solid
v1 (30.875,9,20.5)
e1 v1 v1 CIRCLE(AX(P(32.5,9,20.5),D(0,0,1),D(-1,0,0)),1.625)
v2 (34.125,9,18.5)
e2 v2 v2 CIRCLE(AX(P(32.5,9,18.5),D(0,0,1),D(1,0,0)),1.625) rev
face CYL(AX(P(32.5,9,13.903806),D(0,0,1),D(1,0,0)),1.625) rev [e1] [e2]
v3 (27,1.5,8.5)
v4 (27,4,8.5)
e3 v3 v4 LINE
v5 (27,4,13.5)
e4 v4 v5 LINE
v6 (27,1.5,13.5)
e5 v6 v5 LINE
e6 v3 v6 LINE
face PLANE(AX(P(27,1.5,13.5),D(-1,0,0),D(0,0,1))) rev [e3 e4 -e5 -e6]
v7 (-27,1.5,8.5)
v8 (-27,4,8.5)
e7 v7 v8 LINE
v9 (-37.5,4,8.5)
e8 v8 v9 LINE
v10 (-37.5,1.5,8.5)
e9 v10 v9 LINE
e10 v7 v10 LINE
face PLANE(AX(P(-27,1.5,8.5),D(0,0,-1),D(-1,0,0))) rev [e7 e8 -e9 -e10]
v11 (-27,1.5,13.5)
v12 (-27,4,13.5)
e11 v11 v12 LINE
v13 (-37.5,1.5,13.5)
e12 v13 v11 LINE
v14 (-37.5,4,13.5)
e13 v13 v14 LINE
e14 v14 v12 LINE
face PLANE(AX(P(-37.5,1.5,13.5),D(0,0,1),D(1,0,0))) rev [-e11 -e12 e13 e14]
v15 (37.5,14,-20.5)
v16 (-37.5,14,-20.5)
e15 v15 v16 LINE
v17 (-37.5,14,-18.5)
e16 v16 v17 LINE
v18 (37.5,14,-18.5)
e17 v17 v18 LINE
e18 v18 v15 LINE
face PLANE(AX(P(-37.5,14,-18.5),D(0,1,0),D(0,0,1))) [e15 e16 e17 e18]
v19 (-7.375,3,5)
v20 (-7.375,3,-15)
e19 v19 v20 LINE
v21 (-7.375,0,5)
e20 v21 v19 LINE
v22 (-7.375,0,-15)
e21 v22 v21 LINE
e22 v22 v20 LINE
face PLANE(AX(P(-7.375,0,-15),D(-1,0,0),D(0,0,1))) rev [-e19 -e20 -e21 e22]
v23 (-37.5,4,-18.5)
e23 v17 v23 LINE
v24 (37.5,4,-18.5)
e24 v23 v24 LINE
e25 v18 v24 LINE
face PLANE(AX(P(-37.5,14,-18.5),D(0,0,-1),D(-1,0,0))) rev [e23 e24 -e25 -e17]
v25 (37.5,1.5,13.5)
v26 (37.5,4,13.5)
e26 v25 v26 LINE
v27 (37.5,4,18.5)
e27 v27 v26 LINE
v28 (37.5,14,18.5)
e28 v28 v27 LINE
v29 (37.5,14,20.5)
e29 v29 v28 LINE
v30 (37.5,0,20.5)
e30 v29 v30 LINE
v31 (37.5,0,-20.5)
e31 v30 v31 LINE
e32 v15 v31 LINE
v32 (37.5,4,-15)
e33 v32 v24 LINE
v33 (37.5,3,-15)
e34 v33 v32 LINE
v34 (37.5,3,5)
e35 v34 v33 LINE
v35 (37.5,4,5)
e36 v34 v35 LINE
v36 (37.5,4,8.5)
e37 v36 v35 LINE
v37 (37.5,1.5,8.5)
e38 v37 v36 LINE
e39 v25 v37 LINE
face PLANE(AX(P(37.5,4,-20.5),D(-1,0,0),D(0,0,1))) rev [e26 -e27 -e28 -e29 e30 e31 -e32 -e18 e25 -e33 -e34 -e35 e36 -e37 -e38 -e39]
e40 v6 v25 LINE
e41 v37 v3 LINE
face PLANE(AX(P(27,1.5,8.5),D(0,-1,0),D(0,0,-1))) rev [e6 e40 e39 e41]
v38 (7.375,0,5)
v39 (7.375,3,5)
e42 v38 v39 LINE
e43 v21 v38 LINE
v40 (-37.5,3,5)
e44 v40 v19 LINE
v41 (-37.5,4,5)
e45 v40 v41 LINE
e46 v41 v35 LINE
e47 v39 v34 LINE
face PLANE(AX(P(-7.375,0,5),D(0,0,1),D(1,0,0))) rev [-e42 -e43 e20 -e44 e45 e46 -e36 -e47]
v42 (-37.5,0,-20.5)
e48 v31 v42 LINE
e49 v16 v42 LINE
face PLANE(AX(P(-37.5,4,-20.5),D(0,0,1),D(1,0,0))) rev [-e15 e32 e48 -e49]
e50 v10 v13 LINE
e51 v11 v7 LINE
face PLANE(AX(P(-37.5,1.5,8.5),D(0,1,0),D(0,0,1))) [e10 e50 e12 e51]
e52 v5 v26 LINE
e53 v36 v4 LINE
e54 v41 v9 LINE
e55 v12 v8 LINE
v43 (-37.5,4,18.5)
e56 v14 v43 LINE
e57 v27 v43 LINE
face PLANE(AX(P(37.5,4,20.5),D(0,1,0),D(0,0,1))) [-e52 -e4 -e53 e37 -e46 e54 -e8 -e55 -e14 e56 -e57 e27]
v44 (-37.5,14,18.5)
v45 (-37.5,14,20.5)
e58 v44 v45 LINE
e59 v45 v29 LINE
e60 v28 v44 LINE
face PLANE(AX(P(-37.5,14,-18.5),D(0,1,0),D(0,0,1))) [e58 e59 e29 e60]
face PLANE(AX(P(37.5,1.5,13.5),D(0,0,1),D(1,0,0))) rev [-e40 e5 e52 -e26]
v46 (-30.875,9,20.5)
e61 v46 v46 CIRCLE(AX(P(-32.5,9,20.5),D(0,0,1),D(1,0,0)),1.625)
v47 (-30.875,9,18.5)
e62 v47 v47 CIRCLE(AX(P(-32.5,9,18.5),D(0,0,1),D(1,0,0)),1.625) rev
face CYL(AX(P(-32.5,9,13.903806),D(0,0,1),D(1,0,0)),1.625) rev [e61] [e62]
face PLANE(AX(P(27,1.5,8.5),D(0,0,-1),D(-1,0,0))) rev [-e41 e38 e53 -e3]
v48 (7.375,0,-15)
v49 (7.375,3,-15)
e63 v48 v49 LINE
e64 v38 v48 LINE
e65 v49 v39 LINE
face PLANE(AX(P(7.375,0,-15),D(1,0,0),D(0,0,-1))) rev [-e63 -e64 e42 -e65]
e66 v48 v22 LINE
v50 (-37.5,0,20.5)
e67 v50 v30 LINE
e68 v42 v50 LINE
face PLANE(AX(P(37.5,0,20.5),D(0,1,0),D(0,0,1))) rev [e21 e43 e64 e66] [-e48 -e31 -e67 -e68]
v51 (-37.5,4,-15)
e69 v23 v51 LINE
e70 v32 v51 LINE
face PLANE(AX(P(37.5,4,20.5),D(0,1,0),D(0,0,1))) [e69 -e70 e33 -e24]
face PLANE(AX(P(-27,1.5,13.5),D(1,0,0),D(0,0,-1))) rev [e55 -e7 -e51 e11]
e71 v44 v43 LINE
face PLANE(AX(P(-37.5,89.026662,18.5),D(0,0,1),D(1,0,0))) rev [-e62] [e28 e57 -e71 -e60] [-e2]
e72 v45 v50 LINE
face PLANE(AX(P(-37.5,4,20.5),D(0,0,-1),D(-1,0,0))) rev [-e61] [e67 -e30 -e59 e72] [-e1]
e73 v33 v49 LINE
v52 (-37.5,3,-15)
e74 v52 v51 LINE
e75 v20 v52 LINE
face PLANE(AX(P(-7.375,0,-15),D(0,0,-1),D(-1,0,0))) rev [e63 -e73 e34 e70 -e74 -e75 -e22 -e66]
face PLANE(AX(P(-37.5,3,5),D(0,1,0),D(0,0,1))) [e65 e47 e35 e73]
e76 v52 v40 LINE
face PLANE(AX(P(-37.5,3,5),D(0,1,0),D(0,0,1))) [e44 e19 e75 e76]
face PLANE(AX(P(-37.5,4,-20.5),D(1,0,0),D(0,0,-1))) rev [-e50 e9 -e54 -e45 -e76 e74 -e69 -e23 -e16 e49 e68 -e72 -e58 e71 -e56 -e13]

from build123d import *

# Parameters (mm, degrees)
SKETCH1_W           = 75
SKETCH1_H           = 41
BOSS_EXTRUDE1_DEPTH = 4
SKETCH2_W           = 75
SKETCH2_H           = 2
BOSS_EXTRUDE2_DEPTH = 10
SKETCH3_W           = 75
SKETCH3_H           = 2
BOSS_EXTRUDE3_DEPTH = 10
SKETCH6_W           = 14.75
SKETCH6_H           = 20
CUT_EXTRUDE3_DEPTH  = 44.891912695
SKETCH7_W           = 75
SKETCH7_H           = 20
CUT_EXTRUDE4_DEPTH  = 1
SKETCH10_R          = 1.625
CUT_EXTRUDE5_DEPTH  = 2
SKETCH11_W          = 10.5
SKETCH11_H          = 5
CUT_EXTRUDE6_DEPTH  = 2.5


with BuildPart() as part:
    # Sketch1 → Boss-Extrude1 (new body)
    with BuildSketch(Plane(origin=(0, 0, 0), x_dir=(1, 0, 0), z_dir=(0, 1, 0))):
        Rectangle(SKETCH1_W, SKETCH1_H)
    extrude(amount=BOSS_EXTRUDE1_DEPTH)

    # Sketch2 → Boss-Extrude2 (add)
    with BuildSketch(Plane(origin=(0, 4, 0), x_dir=(1, 0, 0), z_dir=(0, 1, 0))):
        with Locations((0, 19.5)):
            Rectangle(SKETCH2_W, SKETCH2_H)
    extrude(amount=BOSS_EXTRUDE2_DEPTH)

    # Sketch3 → Boss-Extrude3 (add)
    with BuildSketch(Plane(origin=(0, 4, 0), x_dir=(1, 0, 0), z_dir=(0, 1, 0))):
        with Locations((0, -19.5)):
            Rectangle(SKETCH3_W, SKETCH3_H)
    extrude(amount=BOSS_EXTRUDE3_DEPTH)

    # Sketch6 → Cut-Extrude3 (cut, through all)
    with BuildSketch(Plane(origin=(0, 4, 0), x_dir=(1, 0, 0), z_dir=(0, 1, 0))):
        with Locations((0, 5)):
            Rectangle(SKETCH6_W, SKETCH6_H)
    extrude(amount=-CUT_EXTRUDE3_DEPTH, mode=Mode.SUBTRACT)

    # Sketch7 → Cut-Extrude4 (cut)
    with BuildSketch(Plane(origin=(0, 4, 0), x_dir=(1, 0, 0), z_dir=(0, 1, 0))):
        with Locations((0, 5)):
            Rectangle(SKETCH7_W, SKETCH7_H)
    extrude(amount=-CUT_EXTRUDE4_DEPTH, mode=Mode.SUBTRACT)

    # Sketch10 → Cut-Extrude5 (cut)
    with BuildSketch(Plane.XY.offset(20.5)):
        with Locations((-32.5, 9)):
            Circle(SKETCH10_R)
        with Locations((32.5, 9)):
            Circle(SKETCH10_R)
    extrude(amount=-CUT_EXTRUDE5_DEPTH, mode=Mode.SUBTRACT)

    # Sketch11 → Cut-Extrude6 (cut)
    with BuildSketch(Plane(origin=(0, 4, 0), x_dir=(1, 0, 0), z_dir=(0, 1, 0))):
        with Locations((-32.25, -11)):
            Rectangle(SKETCH11_W, SKETCH11_H)
        with Locations((32.25, -11)):
            Rectangle(SKETCH11_W, SKETCH11_H)
    extrude(amount=-CUT_EXTRUDE6_DEPTH, mode=Mode.SUBTRACT)


solid = part.part
